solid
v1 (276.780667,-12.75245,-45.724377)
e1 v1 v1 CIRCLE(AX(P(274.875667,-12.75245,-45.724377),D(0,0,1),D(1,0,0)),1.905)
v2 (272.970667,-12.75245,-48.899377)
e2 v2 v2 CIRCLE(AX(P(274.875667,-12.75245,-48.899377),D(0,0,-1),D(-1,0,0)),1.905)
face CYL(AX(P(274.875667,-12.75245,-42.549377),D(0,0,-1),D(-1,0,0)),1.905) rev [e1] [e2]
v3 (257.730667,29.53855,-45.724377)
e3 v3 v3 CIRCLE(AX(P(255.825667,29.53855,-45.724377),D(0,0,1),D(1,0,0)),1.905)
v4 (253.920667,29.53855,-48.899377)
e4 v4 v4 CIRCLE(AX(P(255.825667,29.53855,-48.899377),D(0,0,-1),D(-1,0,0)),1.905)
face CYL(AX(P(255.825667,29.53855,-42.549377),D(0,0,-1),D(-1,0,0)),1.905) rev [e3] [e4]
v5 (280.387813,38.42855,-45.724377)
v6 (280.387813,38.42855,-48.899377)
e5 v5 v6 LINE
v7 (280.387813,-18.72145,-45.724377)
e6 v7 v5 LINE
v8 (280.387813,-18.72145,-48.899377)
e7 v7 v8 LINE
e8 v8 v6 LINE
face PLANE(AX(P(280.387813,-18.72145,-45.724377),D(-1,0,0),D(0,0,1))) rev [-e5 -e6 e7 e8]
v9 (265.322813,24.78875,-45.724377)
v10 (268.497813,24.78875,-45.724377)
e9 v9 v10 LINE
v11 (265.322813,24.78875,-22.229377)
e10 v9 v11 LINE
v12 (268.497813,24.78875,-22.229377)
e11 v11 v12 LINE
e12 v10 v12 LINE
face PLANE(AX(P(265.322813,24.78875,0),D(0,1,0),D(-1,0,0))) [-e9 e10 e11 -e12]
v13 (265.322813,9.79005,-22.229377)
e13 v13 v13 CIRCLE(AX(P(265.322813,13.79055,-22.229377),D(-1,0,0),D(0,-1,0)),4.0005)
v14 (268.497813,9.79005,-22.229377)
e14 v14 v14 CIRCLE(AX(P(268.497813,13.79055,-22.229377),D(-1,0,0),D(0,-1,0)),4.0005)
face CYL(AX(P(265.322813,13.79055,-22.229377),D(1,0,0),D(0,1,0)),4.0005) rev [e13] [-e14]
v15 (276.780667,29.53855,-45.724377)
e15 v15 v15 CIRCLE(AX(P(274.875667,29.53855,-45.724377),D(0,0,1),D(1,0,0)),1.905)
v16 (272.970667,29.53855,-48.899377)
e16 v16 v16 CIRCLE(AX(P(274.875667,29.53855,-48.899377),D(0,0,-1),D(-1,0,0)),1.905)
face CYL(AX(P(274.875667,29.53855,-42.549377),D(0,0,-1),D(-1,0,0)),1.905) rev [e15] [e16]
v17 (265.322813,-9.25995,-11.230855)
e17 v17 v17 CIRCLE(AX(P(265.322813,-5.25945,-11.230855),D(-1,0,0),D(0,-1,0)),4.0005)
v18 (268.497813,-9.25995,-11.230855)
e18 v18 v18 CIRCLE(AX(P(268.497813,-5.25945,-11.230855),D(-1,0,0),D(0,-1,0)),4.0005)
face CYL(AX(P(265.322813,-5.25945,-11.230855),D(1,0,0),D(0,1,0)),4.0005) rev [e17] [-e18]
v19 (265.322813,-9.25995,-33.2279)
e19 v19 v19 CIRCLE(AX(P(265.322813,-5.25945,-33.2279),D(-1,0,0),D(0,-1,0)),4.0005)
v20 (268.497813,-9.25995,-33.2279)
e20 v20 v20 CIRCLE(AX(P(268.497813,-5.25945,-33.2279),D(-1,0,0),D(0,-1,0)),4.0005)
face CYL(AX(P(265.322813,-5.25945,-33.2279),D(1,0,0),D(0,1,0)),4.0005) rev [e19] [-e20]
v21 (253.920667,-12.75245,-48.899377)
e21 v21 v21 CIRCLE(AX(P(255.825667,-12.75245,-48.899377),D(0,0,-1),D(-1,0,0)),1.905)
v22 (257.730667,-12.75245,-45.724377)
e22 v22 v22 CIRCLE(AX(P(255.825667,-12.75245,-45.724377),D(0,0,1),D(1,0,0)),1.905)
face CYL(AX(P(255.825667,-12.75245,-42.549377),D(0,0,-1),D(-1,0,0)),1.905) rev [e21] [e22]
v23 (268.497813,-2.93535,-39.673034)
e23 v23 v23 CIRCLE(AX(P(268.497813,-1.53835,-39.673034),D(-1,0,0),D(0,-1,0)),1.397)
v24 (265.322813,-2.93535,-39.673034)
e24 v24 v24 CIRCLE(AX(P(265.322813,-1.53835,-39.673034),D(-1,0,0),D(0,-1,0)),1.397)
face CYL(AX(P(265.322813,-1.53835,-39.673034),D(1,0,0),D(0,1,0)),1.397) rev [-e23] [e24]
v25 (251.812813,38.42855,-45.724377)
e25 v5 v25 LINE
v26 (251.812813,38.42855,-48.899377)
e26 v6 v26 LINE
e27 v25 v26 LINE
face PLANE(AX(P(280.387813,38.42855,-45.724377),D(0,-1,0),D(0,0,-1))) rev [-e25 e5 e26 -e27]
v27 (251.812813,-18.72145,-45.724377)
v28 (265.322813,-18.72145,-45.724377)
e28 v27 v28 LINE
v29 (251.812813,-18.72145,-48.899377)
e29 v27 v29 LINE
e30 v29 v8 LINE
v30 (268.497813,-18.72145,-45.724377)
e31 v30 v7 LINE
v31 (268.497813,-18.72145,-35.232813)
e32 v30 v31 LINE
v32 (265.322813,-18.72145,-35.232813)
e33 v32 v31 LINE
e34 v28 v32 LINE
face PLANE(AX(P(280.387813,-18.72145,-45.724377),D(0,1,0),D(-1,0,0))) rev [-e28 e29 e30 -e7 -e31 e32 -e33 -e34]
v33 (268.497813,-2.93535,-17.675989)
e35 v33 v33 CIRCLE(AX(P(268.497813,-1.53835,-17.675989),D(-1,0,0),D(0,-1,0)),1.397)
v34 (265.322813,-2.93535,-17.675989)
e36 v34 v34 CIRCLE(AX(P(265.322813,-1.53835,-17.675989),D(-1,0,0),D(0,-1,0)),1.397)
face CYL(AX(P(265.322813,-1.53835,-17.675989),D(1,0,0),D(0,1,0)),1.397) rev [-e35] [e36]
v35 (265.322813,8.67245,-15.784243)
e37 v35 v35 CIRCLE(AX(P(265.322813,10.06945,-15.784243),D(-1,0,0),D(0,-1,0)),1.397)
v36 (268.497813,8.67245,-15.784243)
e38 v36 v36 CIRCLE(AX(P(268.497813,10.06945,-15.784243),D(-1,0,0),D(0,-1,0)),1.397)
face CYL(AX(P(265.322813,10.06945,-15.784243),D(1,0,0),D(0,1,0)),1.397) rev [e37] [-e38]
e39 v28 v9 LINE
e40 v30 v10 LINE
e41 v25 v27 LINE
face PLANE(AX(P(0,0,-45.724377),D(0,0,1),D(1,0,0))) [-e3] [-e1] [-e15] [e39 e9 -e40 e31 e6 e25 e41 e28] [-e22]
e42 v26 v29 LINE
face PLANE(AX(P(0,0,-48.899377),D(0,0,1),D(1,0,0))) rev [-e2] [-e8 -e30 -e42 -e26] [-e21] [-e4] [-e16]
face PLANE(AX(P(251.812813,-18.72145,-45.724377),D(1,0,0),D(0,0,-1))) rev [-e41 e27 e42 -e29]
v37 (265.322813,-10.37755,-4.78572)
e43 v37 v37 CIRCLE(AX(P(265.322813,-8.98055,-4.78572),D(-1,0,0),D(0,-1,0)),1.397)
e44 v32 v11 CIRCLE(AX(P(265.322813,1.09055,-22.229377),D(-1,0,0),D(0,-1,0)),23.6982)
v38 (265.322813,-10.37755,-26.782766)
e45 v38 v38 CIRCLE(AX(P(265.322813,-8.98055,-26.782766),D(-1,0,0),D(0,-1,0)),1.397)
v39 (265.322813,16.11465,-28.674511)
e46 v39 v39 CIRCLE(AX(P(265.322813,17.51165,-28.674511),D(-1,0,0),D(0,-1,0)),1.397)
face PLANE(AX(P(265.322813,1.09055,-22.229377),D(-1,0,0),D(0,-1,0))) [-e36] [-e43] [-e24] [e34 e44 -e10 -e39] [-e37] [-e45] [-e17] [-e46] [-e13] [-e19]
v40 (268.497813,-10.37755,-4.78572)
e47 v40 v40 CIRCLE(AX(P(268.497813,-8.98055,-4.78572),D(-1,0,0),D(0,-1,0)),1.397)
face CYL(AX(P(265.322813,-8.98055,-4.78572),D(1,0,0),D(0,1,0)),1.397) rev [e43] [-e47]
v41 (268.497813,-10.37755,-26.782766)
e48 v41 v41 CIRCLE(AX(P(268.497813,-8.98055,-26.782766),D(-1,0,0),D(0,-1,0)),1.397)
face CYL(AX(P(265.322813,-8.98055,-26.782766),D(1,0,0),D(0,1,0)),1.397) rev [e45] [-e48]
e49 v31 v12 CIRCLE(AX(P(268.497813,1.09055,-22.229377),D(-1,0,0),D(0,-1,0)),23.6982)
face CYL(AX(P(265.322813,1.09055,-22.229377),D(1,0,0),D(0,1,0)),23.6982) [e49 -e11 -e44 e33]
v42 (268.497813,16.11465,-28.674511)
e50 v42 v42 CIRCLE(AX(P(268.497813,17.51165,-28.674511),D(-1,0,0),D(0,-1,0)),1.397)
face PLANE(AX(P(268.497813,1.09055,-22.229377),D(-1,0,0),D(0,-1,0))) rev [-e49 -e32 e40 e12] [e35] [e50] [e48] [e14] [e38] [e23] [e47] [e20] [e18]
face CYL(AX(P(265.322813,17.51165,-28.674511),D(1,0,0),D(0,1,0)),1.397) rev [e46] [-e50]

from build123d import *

# Parameters (mm, degrees)
SKETCH1_R           = 23.6982
SKETCH1_R_2         = 1.397
SKETCH1_R_3         = 4.0005
BOSS_EXTRUDE1_DEPTH = 3.175
SKETCH2_W           = 28.575
SKETCH2_H           = 57.15
BOSS_EXTRUDE2_DEPTH = 3.175
BOSS_EXTRUDE3_DEPTH = 3.175
SKETCH5_R           = 1.905
CUT_EXTRUDE2_DEPTH  = 6.35


with BuildPart() as part:
    # Sketch1 → Boss-Extrude1 (new body)
    with BuildSketch(Plane.ZY.offset(-268.497812887)):
        with Locations(Location((-22.229377206, 1.090549523, 0), (0, 0, 270))):
            Circle(SKETCH1_R)
        with Locations(Location((-4.785720318, -8.980550477, 0), (0, 0, 270))):
            Circle(SKETCH1_R_2, mode=Mode.SUBTRACT)
        with Locations(Location((-17.675988838, -1.538350477, 0), (0, 0, 270))):
            Circle(SKETCH1_R_2, mode=Mode.SUBTRACT)
        with Locations(Location((-26.782765574, -8.980550477, 0), (0, 0, 270))):
            Circle(SKETCH1_R_2, mode=Mode.SUBTRACT)
        with Locations(Location((-39.673034094, -1.538350477, 0), (0, 0, 270))):
            Circle(SKETCH1_R_2, mode=Mode.SUBTRACT)
        with Locations(Location((-28.674511466, 17.511649523, 0), (0, 0, 270))):
            Circle(SKETCH1_R_2, mode=Mode.SUBTRACT)
        with Locations(Location((-15.784242946, 10.069449523, 0), (0, 0, 270))):
            Circle(SKETCH1_R_2, mode=Mode.SUBTRACT)
        with Locations(Location((-11.230854578, -5.259450477, 0), (0, 0, 270))):
            Circle(SKETCH1_R_3, mode=Mode.SUBTRACT)
        with Locations(Location((-33.227899834, -5.259450477, 0), (0, 0, 270))):
            Circle(SKETCH1_R_3, mode=Mode.SUBTRACT)
        with Locations(Location((-22.229377206, 13.790549523, 0), (0, 0, 270))):
            Circle(SKETCH1_R_3, mode=Mode.SUBTRACT)
    extrude(amount=BOSS_EXTRUDE1_DEPTH)

    # Sketch2 → Boss-Extrude2 (add)
    with BuildSketch(Plane.XY.offset(-48.899377206)):
        with Locations((266.100312887, 9.853549523)):
            Rectangle(SKETCH2_W, SKETCH2_H)
    extrude(amount=BOSS_EXTRUDE2_DEPTH)

    # Sketch4 → Boss-Extrude3 (add)
    with BuildSketch(Plane(origin=(268.497812887, 0, 0), x_dir=(0, 0, -1), z_dir=(1, 0, 0))):
        with BuildLine():
            Line((45.724377206, -18.721450477), (45.724377206, -2.00616781))
            ThreePointArc((45.724377206, -2.00616781), (42.301350708, -11.507885419), (35.232812877, -18.721450477))
            Line((35.232812877, -18.721450477), (45.724377206, -18.721450477))
        make_face()
        with BuildLine():
            Line((45.724377206, 24.788749523), (22.229377206, 24.788749523))
            ThreePointArc((22.229377206, 24.788749523), (37.853366078, 18.908957279), (45.724377206, 4.187266856))
            Line((45.724377206, 4.187266856), (45.724377206, 24.788749523))
        make_face()
    extrude(amount=-BOSS_EXTRUDE3_DEPTH)

    # Sketch5 → Cut-Extrude2 (cut)
    with BuildSketch(Plane(origin=(0, 0, -48.899377206), x_dir=(-1, 0, 0), z_dir=(0, 0, -1))):
        with Locations((-274.875666904, -12.752450477)):
            Circle(SKETCH5_R)
        with Locations((-274.875666904, 29.538549523)):
            Circle(SKETCH5_R)
        with Locations((-255.825666904, 29.538549523)):
            Circle(SKETCH5_R)
        with Locations((-255.825666904, -12.752450477)):
            Circle(SKETCH5_R)
    extrude(amount=-CUT_EXTRUDE2_DEPTH, mode=Mode.SUBTRACT)


solid = part.part
